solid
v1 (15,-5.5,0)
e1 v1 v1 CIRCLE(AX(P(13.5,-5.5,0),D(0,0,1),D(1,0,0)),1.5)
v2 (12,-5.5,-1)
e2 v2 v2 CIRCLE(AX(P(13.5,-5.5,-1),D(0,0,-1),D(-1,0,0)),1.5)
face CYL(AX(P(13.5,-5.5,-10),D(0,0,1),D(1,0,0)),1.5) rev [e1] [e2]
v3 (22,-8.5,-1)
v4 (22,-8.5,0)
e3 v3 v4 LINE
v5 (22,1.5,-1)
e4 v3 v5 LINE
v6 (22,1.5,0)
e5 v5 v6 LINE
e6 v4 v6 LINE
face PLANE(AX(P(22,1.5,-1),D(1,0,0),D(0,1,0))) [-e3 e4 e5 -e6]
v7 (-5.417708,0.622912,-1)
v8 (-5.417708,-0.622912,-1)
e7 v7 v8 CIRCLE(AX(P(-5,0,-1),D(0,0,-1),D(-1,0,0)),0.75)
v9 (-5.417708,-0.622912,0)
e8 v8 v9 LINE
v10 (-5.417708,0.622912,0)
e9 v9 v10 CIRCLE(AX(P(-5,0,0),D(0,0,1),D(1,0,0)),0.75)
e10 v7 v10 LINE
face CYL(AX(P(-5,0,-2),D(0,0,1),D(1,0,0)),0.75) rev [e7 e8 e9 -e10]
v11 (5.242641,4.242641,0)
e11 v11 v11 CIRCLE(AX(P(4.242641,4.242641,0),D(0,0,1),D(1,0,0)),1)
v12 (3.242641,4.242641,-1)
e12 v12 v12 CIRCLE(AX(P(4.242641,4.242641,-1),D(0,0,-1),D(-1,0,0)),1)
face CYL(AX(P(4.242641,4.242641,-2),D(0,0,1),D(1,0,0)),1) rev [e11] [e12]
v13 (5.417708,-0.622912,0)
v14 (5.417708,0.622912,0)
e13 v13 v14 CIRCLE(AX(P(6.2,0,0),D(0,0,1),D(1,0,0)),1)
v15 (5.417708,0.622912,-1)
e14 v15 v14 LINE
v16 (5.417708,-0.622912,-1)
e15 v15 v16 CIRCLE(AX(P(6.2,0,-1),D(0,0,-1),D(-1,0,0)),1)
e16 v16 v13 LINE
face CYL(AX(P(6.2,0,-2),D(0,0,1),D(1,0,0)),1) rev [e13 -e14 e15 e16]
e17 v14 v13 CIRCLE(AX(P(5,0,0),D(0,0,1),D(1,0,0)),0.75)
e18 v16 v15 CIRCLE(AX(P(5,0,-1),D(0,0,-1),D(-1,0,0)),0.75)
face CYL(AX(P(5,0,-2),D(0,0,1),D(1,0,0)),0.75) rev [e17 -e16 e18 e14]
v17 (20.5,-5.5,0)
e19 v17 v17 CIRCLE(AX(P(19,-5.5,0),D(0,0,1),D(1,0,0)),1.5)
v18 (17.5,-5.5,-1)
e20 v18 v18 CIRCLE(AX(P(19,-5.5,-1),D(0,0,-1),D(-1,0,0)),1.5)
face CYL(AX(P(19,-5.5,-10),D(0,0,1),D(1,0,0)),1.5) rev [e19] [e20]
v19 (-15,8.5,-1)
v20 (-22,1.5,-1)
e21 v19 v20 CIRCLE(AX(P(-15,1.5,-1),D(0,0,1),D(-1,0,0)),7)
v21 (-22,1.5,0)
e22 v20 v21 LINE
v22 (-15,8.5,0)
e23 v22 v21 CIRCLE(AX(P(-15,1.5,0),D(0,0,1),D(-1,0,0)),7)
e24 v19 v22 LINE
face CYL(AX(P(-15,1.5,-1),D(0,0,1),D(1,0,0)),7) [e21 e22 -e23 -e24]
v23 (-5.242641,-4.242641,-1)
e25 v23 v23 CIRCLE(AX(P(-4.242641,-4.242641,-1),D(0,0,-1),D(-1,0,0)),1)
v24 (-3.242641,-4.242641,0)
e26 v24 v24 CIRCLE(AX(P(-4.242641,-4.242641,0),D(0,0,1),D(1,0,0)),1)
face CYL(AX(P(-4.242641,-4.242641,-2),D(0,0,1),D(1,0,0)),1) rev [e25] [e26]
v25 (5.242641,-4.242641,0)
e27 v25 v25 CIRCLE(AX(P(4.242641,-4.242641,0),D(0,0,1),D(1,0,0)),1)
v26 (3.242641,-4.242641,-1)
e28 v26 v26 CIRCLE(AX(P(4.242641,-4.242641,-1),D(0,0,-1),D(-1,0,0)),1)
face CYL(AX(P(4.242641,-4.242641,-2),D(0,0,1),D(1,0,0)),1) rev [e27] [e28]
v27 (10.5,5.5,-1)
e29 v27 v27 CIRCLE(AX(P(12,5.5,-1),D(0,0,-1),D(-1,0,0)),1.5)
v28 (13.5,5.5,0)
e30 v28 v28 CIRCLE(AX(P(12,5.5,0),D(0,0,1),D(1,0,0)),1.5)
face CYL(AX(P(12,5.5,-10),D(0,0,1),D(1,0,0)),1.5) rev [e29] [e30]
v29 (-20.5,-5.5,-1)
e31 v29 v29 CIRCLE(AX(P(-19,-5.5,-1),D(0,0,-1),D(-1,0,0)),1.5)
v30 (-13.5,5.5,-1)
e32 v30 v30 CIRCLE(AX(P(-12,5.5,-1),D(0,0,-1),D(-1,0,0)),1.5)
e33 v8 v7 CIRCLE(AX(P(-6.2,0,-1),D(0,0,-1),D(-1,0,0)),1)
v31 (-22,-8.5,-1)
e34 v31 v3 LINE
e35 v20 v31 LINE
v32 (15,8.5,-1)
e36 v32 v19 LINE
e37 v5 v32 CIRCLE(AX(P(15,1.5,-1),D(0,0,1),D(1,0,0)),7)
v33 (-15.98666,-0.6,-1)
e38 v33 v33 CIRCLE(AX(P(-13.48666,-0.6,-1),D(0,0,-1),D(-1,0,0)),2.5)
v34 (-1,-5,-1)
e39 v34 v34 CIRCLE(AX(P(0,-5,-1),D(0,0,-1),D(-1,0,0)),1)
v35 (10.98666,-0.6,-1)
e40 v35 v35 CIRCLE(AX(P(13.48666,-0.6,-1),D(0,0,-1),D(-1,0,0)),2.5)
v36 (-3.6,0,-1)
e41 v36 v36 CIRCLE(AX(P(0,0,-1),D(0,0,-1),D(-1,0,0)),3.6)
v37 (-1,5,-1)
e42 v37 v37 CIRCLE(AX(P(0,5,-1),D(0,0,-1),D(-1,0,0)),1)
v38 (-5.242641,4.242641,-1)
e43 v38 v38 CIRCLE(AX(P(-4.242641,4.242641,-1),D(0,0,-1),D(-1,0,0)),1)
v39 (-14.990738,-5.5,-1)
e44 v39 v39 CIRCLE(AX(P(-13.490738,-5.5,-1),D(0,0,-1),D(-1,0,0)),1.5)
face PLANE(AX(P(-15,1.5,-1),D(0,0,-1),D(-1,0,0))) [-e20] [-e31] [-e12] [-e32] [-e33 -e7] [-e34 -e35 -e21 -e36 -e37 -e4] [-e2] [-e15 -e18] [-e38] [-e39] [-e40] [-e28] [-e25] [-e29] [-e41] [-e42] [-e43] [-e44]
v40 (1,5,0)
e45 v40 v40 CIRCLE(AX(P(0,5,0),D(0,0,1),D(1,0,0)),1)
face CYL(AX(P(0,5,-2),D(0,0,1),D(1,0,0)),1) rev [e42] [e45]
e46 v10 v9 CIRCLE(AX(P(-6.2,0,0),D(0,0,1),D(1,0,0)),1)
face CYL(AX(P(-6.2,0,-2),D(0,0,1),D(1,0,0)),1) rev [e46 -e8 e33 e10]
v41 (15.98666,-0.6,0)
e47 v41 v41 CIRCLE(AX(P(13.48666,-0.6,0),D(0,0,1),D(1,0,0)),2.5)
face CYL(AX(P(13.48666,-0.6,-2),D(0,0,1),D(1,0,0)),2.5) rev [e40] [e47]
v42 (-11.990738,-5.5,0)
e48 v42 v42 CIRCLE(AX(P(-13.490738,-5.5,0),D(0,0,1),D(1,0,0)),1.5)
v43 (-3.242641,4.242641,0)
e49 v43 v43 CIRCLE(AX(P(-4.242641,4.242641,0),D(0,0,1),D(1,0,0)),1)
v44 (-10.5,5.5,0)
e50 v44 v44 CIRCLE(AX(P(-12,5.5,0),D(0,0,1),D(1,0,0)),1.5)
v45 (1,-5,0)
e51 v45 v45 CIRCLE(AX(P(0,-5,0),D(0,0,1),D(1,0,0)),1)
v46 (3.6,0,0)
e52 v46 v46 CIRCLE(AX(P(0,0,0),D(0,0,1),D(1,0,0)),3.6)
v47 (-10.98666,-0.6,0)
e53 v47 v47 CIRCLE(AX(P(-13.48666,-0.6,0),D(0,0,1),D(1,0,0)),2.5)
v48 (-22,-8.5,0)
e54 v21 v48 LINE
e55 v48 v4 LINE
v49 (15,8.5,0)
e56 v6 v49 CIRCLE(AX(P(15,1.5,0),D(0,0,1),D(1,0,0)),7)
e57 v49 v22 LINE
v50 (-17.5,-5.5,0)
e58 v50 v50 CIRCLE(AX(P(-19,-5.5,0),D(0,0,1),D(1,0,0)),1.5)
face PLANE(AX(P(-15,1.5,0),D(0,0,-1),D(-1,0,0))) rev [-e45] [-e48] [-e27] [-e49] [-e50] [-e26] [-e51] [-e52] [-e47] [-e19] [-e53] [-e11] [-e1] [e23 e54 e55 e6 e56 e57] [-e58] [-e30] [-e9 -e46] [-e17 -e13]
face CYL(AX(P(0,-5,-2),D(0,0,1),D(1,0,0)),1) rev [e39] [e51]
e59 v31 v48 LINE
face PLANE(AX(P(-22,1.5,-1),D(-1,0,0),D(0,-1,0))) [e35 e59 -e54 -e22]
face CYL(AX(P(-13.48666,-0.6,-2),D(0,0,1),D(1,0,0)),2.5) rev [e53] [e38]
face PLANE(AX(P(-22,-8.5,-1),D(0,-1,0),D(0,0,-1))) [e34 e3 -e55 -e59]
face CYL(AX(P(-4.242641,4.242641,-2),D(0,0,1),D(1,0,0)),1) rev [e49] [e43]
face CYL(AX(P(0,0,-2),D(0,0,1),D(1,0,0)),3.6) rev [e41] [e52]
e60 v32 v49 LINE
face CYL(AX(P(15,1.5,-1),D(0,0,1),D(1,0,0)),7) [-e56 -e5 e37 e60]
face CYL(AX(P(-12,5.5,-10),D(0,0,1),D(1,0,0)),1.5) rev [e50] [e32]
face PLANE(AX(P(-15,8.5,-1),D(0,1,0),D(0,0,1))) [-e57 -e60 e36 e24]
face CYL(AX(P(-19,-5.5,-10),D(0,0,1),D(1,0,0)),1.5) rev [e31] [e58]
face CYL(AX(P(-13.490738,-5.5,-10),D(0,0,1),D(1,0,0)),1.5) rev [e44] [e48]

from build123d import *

# Parameters (mm, degrees)
EXTRUDE_1_DEPTH     = 1
SKETCH_6_R          = 1
SKETCH_6_R_2        = 3.6
CUT_EXTRUDE_1_DEPTH = 2
SKETCH_8_R          = 2.5
CUT_EXTRUDE_2_DEPTH = 2
SKETCH_12_R         = 1.5
CUT_EXTRUDE_3_DEPTH = 10


with BuildPart() as part:
    # 草图10 → 凸台-拉伸1 (new body)
    with BuildSketch(Plane.XY):
        with BuildLine():
            Line((-15, 8.5), (15, 8.5))
            ThreePointArc((15, 8.5), (19.949747468, 6.449747468), (22, 1.5))
            Line((22, 1.5), (22, -8.5))
            Line((22, -8.5), (-22, -8.5))
            Line((-22, -8.5), (-22, 1.5))
            ThreePointArc((-22, 1.5), (-19.949747468, 6.449747468), (-15, 8.5))
        make_face()
    extrude(amount=-EXTRUDE_1_DEPTH)

    # 草图6 → 切除-拉伸1 (cut)
    with BuildSketch(Plane.XY):
        with Locations((0, 5)):
            Circle(SKETCH_6_R)
        with Locations((0, -5)):
            Circle(SKETCH_6_R)
        Circle(SKETCH_6_R_2)
        with Locations((-4.242640687, 4.242640687)):
            Circle(SKETCH_6_R)
        with Locations((4.242640687, 4.242640687)):
            Circle(SKETCH_6_R)
        with Locations((-4.242640687, -4.242640687)):
            Circle(SKETCH_6_R)
        with Locations((4.242640687, -4.242640687)):
            Circle(SKETCH_6_R)
        with BuildLine():
            ThreePointArc((-5.417708333, -0.622912312), (-4.25, 0), (-5.417708333, 0.622912312))
            ThreePointArc((-5.417708333, 0.622912312), (-7.2, 0), (-5.417708333, -0.622912312))
        make_face()
        with BuildLine():
            ThreePointArc((5.417708333, 0.622912312), (4.25, 0), (5.417708333, -0.622912312))
            ThreePointArc((5.417708333, -0.622912312), (7.2, 0), (5.417708333, 0.622912312))
        make_face()
    extrude(amount=-CUT_EXTRUDE_1_DEPTH, mode=Mode.SUBTRACT)

    # 草图8 → 切除-拉伸2 (cut)
    with BuildSketch(Plane.XY):
        with Locations((-13.486660076, -0.6)):
            Circle(SKETCH_8_R)
        with Locations((13.486660076, -0.6)):
            Circle(SKETCH_8_R)
    extrude(amount=-CUT_EXTRUDE_2_DEPTH, mode=Mode.SUBTRACT)

    # 草图12 → 切除-拉伸3 (cut)
    with BuildSketch(Plane.XY):
        with Locations((-19, -5.5)):
            Circle(SKETCH_12_R)
        with Locations((19, -5.5)):
            Circle(SKETCH_12_R)
        with Locations((-12, 5.5)):
            Circle(SKETCH_12_R)
        with Locations((12, 5.5)):
            Circle(SKETCH_12_R)
        with Locations((-13.490737563, -5.5)):
            Circle(SKETCH_12_R)
        with Locations((13.5, -5.5)):
            Circle(SKETCH_12_R)
    extrude(amount=-CUT_EXTRUDE_3_DEPTH, mode=Mode.SUBTRACT)


solid = part.part
